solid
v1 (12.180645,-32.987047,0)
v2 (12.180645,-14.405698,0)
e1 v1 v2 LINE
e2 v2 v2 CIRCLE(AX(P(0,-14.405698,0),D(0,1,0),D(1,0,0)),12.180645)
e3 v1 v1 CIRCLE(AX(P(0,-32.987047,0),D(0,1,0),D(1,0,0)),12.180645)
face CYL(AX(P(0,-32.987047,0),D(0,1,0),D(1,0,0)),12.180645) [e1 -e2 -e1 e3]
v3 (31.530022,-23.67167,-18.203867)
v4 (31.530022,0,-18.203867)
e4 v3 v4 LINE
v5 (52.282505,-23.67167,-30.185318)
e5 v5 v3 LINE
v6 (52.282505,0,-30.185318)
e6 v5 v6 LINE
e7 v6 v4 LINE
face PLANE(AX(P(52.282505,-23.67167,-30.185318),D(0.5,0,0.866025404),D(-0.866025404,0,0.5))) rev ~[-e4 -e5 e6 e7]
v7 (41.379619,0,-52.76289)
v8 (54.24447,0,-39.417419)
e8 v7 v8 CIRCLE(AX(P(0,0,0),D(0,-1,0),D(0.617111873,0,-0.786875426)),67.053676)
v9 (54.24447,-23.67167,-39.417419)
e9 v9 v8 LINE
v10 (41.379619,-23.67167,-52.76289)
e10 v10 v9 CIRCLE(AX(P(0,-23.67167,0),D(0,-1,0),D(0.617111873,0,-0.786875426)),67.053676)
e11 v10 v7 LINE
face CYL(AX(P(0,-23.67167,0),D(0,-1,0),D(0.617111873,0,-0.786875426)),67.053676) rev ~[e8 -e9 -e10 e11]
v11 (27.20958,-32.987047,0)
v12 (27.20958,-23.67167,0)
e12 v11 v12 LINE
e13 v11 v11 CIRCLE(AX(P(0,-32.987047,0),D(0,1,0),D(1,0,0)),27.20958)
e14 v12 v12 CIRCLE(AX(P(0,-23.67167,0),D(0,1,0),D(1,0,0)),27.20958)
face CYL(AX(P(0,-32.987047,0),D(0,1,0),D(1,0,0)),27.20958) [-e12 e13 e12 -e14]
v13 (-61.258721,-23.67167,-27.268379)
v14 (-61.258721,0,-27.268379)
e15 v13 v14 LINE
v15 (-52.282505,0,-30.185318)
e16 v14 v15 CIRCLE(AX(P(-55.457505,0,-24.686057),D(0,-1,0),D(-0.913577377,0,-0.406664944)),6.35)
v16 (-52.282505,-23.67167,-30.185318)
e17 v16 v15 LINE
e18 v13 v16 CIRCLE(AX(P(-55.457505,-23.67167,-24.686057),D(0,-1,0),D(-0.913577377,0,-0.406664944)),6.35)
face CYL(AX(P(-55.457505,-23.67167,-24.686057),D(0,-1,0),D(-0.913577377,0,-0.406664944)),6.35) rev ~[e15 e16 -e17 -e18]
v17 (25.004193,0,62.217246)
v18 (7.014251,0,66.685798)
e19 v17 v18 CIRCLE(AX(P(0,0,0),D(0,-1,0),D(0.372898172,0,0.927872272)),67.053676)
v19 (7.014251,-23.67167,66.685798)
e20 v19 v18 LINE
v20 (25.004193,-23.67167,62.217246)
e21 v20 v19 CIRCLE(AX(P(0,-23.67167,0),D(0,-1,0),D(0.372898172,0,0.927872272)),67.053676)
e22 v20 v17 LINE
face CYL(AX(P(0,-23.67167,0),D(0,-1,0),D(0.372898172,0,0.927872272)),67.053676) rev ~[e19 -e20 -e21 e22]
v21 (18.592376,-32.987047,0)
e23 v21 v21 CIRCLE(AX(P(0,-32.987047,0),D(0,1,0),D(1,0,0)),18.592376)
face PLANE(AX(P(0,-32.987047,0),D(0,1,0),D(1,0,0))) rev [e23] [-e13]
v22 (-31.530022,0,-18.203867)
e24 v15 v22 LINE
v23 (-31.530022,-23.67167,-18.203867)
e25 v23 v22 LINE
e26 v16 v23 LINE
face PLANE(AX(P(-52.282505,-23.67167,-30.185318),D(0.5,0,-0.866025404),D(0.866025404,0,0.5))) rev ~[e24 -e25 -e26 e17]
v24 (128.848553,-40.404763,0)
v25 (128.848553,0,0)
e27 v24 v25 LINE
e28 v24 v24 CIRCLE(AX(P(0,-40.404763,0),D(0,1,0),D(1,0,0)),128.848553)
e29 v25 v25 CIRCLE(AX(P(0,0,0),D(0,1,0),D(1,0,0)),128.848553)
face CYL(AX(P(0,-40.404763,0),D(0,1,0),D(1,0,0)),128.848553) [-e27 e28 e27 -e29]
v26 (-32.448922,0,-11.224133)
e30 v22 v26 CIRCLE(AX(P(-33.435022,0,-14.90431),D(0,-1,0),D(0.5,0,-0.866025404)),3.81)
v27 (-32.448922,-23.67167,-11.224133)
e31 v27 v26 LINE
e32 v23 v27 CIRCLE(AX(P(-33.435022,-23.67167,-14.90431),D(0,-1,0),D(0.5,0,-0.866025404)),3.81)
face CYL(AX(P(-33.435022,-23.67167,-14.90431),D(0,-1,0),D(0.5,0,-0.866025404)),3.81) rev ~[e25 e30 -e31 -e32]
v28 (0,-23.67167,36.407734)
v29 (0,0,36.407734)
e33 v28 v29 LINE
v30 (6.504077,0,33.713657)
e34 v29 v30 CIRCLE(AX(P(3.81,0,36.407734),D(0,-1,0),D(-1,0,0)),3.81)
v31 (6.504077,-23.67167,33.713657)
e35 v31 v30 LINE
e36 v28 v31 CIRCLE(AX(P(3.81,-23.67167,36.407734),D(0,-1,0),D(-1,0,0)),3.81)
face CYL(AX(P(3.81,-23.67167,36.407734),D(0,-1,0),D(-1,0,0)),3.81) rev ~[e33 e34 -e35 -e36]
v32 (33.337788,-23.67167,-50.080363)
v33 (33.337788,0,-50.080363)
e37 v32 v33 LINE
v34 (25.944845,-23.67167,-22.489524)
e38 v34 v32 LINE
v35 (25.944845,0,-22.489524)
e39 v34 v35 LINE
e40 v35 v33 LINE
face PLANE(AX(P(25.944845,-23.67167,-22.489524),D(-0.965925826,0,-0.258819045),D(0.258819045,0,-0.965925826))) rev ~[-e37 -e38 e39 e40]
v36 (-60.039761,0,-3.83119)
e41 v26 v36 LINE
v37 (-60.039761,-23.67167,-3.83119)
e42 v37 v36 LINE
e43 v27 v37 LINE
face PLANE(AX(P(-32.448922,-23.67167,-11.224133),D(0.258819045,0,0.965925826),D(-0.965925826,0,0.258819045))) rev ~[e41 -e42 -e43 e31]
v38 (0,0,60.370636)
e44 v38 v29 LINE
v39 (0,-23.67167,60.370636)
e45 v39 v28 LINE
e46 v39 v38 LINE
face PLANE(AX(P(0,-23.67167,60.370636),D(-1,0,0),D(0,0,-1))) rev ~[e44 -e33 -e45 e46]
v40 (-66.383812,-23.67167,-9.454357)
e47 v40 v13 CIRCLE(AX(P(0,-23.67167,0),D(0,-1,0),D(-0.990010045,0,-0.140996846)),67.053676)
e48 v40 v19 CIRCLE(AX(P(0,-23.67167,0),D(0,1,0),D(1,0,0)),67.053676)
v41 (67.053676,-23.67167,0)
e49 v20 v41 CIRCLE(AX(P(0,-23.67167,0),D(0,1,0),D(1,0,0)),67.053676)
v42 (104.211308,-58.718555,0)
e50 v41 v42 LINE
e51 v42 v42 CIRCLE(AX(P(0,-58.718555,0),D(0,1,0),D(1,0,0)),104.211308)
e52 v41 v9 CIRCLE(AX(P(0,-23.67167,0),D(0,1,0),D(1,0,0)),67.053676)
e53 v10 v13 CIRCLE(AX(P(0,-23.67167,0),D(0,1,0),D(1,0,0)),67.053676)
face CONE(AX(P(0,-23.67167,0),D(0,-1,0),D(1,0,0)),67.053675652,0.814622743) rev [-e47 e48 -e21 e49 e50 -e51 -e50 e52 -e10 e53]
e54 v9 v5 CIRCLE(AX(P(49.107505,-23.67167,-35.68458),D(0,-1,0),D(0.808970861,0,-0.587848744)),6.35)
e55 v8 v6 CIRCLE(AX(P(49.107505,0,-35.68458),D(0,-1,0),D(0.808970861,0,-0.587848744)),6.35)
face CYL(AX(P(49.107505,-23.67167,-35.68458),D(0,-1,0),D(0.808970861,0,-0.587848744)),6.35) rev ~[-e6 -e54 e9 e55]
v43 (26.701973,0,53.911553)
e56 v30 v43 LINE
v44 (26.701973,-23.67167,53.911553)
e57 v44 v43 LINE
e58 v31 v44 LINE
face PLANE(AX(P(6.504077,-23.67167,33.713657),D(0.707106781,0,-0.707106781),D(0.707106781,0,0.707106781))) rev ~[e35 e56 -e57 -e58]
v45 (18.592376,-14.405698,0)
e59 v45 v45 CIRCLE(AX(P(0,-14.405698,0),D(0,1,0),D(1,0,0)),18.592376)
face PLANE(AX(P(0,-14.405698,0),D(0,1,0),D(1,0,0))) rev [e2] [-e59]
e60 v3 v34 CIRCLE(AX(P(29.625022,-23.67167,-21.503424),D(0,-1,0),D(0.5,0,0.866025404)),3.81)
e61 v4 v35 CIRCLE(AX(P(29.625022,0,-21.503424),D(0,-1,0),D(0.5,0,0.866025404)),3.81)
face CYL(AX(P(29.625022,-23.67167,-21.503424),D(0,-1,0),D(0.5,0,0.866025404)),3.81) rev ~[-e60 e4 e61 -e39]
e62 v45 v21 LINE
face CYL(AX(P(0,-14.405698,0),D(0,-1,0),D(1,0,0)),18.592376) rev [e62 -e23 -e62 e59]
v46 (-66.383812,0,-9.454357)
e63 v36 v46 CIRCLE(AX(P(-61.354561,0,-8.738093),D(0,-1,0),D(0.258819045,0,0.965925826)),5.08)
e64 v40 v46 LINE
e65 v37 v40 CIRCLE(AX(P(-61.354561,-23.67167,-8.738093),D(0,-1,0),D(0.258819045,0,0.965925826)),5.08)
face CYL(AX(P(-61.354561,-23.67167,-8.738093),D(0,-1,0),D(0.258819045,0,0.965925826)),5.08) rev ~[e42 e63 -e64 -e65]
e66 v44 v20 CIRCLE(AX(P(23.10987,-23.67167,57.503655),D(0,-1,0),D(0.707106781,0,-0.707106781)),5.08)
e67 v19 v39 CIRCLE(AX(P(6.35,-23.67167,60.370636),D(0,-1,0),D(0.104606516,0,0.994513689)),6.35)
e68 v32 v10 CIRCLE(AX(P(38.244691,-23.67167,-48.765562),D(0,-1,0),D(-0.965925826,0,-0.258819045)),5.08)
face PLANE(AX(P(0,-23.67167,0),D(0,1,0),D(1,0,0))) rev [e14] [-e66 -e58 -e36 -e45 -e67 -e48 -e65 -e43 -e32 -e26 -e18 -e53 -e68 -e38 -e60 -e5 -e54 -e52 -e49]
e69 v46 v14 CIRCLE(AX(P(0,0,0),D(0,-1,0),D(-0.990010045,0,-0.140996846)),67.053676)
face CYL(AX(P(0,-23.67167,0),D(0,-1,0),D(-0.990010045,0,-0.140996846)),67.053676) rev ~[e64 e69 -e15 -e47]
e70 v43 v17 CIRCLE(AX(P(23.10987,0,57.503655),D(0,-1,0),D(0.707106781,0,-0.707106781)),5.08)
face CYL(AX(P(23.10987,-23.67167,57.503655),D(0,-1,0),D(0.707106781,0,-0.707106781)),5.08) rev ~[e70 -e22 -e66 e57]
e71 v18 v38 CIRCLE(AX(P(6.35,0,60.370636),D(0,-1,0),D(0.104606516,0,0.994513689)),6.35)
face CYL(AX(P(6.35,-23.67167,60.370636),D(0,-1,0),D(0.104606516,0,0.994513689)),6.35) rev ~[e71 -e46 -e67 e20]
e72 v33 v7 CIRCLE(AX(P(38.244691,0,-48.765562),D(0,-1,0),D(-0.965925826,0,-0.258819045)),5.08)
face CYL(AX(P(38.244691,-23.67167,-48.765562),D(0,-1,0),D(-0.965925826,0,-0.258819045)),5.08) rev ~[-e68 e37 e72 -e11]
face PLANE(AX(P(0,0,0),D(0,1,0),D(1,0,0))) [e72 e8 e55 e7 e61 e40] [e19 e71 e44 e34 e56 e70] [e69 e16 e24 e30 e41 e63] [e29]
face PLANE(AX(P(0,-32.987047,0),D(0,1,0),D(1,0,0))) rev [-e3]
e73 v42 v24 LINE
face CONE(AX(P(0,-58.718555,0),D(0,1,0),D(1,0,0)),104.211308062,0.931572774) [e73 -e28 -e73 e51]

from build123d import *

# Parameters (mm, degrees)
F0_W     = 113.5605871677
F0_H     = 73.2877403498
F1_DEPTH = 254
F2_T     = -0.254
F7_DEPTH = 23.6716698855


with BuildPart() as f1:
    # F0 (on Top) → F1 (new body)
    with BuildSketch(Plane.XY):
        with Locations((-56.7802935839, 36.6438701749)):
            Rectangle(F0_W, F0_H)
    extrude(amount=F1_DEPTH)

    # F2
    f2_openings = [f1.faces().sort_by_distance(p)[0] for p in [
        (0, 36.64387, 127),
    ]]
    offset(amount=F2_T, openings=f2_openings)


with BuildPart() as f5:
    # F4 (on Top) → F5 (revolve)
    with BuildSketch(Plane.XY):
        Polygon((128.8485527039, 0), (0, 0), (0, -32.9870469868), (12.1806450188, -32.9870469868), (12.1806450188, -14.4056975842), (18.5923762619, -14.4056975842), (18.5923762619, -32.9870469868), (27.2095799446, -32.9870469868), (27.2095799446, -23.6716698855), (67.0536756516, -23.6716698855), (104.2113080621, -58.7185546756), (128.8485527039, -40.4047630727), align=None)
    revolve(axis=Axis((0, -16.4935234934, 0), (0, 1, 0)))

    # F6 (on face) → F7 (cut, through all)
    with BuildSketch(Plane.XZ.offset(23.6716698855)):
        with BuildLine():
            ThreePointArc((26.7019728343, 53.911552779), (28.0869530427, 58.521028427), (25.0041931016, 62.2172463688))
            ThreePointArc((25.0041931016, 62.2172463688), (16.1643801545, 65.0761725411), (7.0142513747, 66.6857983085))
            ThreePointArc((7.0142513747, 66.6857983085), (2.1012058316, 65.0897727595), (0, 60.3706363857))
            Line((0, 60.3706363857), (0, 36.4077336173))
            ThreePointArc((0, 36.4077336173), (2.3519761227, 32.8877525984), (6.5040768363, 33.7136567809))
            Line((6.5040768363, 33.7136567809), (26.7019728343, 53.911552779))
        make_face()
        with BuildLine():
            ThreePointArc((41.3796193581, -52.7628896115), (48.2754285244, -46.5368501208), (54.2444697194, -39.4174190332))
            ThreePointArc((54.2444697194, -39.4174190332), (55.3187938204, -34.3645840085), (52.2825047526, -30.1853181928))
            Line((52.2825047526, -30.1853181928), (31.5300222068, -18.2038668086))
            ThreePointArc((31.5300222068, -18.2038668086), (27.3056411622, -18.4807473705), (25.9448448086, -22.4895241589))
            Line((25.9448448086, -22.4895241589), (33.3377878469, -50.0803631952))
            ThreePointArc((33.3377878469, -50.0803631952), (36.6372207521, -53.5845290634), (41.3796193581, -52.7628896115))
        make_face()
        with BuildLine():
            ThreePointArc((-60.0397606812, -3.8311895838), (-64.7241737948, -4.9364993636), (-66.3838124597, -9.4543567573))
            ThreePointArc((-66.3838124597, -9.4543567573), (-64.4398086789, -18.5393224203), (-61.2587210941, -27.2683792752))
            ThreePointArc((-61.2587210941, -27.2683792752), (-57.4199996521, -30.725188751), (-52.2825047526, -30.1853181928))
            Line((-52.2825047526, -30.1853181928), (-31.5300222068, -18.2038668086))
            ThreePointArc((-31.5300222068, -18.2038668086), (-29.6576172849, -14.4070052278), (-32.4489216449, -11.224132622))
            Line((-32.4489216449, -11.224132622), (-60.0397606812, -3.8311895838))
        make_face()
    extrude(amount=-F7_DEPTH, mode=Mode.SUBTRACT)


solid = f5.part
